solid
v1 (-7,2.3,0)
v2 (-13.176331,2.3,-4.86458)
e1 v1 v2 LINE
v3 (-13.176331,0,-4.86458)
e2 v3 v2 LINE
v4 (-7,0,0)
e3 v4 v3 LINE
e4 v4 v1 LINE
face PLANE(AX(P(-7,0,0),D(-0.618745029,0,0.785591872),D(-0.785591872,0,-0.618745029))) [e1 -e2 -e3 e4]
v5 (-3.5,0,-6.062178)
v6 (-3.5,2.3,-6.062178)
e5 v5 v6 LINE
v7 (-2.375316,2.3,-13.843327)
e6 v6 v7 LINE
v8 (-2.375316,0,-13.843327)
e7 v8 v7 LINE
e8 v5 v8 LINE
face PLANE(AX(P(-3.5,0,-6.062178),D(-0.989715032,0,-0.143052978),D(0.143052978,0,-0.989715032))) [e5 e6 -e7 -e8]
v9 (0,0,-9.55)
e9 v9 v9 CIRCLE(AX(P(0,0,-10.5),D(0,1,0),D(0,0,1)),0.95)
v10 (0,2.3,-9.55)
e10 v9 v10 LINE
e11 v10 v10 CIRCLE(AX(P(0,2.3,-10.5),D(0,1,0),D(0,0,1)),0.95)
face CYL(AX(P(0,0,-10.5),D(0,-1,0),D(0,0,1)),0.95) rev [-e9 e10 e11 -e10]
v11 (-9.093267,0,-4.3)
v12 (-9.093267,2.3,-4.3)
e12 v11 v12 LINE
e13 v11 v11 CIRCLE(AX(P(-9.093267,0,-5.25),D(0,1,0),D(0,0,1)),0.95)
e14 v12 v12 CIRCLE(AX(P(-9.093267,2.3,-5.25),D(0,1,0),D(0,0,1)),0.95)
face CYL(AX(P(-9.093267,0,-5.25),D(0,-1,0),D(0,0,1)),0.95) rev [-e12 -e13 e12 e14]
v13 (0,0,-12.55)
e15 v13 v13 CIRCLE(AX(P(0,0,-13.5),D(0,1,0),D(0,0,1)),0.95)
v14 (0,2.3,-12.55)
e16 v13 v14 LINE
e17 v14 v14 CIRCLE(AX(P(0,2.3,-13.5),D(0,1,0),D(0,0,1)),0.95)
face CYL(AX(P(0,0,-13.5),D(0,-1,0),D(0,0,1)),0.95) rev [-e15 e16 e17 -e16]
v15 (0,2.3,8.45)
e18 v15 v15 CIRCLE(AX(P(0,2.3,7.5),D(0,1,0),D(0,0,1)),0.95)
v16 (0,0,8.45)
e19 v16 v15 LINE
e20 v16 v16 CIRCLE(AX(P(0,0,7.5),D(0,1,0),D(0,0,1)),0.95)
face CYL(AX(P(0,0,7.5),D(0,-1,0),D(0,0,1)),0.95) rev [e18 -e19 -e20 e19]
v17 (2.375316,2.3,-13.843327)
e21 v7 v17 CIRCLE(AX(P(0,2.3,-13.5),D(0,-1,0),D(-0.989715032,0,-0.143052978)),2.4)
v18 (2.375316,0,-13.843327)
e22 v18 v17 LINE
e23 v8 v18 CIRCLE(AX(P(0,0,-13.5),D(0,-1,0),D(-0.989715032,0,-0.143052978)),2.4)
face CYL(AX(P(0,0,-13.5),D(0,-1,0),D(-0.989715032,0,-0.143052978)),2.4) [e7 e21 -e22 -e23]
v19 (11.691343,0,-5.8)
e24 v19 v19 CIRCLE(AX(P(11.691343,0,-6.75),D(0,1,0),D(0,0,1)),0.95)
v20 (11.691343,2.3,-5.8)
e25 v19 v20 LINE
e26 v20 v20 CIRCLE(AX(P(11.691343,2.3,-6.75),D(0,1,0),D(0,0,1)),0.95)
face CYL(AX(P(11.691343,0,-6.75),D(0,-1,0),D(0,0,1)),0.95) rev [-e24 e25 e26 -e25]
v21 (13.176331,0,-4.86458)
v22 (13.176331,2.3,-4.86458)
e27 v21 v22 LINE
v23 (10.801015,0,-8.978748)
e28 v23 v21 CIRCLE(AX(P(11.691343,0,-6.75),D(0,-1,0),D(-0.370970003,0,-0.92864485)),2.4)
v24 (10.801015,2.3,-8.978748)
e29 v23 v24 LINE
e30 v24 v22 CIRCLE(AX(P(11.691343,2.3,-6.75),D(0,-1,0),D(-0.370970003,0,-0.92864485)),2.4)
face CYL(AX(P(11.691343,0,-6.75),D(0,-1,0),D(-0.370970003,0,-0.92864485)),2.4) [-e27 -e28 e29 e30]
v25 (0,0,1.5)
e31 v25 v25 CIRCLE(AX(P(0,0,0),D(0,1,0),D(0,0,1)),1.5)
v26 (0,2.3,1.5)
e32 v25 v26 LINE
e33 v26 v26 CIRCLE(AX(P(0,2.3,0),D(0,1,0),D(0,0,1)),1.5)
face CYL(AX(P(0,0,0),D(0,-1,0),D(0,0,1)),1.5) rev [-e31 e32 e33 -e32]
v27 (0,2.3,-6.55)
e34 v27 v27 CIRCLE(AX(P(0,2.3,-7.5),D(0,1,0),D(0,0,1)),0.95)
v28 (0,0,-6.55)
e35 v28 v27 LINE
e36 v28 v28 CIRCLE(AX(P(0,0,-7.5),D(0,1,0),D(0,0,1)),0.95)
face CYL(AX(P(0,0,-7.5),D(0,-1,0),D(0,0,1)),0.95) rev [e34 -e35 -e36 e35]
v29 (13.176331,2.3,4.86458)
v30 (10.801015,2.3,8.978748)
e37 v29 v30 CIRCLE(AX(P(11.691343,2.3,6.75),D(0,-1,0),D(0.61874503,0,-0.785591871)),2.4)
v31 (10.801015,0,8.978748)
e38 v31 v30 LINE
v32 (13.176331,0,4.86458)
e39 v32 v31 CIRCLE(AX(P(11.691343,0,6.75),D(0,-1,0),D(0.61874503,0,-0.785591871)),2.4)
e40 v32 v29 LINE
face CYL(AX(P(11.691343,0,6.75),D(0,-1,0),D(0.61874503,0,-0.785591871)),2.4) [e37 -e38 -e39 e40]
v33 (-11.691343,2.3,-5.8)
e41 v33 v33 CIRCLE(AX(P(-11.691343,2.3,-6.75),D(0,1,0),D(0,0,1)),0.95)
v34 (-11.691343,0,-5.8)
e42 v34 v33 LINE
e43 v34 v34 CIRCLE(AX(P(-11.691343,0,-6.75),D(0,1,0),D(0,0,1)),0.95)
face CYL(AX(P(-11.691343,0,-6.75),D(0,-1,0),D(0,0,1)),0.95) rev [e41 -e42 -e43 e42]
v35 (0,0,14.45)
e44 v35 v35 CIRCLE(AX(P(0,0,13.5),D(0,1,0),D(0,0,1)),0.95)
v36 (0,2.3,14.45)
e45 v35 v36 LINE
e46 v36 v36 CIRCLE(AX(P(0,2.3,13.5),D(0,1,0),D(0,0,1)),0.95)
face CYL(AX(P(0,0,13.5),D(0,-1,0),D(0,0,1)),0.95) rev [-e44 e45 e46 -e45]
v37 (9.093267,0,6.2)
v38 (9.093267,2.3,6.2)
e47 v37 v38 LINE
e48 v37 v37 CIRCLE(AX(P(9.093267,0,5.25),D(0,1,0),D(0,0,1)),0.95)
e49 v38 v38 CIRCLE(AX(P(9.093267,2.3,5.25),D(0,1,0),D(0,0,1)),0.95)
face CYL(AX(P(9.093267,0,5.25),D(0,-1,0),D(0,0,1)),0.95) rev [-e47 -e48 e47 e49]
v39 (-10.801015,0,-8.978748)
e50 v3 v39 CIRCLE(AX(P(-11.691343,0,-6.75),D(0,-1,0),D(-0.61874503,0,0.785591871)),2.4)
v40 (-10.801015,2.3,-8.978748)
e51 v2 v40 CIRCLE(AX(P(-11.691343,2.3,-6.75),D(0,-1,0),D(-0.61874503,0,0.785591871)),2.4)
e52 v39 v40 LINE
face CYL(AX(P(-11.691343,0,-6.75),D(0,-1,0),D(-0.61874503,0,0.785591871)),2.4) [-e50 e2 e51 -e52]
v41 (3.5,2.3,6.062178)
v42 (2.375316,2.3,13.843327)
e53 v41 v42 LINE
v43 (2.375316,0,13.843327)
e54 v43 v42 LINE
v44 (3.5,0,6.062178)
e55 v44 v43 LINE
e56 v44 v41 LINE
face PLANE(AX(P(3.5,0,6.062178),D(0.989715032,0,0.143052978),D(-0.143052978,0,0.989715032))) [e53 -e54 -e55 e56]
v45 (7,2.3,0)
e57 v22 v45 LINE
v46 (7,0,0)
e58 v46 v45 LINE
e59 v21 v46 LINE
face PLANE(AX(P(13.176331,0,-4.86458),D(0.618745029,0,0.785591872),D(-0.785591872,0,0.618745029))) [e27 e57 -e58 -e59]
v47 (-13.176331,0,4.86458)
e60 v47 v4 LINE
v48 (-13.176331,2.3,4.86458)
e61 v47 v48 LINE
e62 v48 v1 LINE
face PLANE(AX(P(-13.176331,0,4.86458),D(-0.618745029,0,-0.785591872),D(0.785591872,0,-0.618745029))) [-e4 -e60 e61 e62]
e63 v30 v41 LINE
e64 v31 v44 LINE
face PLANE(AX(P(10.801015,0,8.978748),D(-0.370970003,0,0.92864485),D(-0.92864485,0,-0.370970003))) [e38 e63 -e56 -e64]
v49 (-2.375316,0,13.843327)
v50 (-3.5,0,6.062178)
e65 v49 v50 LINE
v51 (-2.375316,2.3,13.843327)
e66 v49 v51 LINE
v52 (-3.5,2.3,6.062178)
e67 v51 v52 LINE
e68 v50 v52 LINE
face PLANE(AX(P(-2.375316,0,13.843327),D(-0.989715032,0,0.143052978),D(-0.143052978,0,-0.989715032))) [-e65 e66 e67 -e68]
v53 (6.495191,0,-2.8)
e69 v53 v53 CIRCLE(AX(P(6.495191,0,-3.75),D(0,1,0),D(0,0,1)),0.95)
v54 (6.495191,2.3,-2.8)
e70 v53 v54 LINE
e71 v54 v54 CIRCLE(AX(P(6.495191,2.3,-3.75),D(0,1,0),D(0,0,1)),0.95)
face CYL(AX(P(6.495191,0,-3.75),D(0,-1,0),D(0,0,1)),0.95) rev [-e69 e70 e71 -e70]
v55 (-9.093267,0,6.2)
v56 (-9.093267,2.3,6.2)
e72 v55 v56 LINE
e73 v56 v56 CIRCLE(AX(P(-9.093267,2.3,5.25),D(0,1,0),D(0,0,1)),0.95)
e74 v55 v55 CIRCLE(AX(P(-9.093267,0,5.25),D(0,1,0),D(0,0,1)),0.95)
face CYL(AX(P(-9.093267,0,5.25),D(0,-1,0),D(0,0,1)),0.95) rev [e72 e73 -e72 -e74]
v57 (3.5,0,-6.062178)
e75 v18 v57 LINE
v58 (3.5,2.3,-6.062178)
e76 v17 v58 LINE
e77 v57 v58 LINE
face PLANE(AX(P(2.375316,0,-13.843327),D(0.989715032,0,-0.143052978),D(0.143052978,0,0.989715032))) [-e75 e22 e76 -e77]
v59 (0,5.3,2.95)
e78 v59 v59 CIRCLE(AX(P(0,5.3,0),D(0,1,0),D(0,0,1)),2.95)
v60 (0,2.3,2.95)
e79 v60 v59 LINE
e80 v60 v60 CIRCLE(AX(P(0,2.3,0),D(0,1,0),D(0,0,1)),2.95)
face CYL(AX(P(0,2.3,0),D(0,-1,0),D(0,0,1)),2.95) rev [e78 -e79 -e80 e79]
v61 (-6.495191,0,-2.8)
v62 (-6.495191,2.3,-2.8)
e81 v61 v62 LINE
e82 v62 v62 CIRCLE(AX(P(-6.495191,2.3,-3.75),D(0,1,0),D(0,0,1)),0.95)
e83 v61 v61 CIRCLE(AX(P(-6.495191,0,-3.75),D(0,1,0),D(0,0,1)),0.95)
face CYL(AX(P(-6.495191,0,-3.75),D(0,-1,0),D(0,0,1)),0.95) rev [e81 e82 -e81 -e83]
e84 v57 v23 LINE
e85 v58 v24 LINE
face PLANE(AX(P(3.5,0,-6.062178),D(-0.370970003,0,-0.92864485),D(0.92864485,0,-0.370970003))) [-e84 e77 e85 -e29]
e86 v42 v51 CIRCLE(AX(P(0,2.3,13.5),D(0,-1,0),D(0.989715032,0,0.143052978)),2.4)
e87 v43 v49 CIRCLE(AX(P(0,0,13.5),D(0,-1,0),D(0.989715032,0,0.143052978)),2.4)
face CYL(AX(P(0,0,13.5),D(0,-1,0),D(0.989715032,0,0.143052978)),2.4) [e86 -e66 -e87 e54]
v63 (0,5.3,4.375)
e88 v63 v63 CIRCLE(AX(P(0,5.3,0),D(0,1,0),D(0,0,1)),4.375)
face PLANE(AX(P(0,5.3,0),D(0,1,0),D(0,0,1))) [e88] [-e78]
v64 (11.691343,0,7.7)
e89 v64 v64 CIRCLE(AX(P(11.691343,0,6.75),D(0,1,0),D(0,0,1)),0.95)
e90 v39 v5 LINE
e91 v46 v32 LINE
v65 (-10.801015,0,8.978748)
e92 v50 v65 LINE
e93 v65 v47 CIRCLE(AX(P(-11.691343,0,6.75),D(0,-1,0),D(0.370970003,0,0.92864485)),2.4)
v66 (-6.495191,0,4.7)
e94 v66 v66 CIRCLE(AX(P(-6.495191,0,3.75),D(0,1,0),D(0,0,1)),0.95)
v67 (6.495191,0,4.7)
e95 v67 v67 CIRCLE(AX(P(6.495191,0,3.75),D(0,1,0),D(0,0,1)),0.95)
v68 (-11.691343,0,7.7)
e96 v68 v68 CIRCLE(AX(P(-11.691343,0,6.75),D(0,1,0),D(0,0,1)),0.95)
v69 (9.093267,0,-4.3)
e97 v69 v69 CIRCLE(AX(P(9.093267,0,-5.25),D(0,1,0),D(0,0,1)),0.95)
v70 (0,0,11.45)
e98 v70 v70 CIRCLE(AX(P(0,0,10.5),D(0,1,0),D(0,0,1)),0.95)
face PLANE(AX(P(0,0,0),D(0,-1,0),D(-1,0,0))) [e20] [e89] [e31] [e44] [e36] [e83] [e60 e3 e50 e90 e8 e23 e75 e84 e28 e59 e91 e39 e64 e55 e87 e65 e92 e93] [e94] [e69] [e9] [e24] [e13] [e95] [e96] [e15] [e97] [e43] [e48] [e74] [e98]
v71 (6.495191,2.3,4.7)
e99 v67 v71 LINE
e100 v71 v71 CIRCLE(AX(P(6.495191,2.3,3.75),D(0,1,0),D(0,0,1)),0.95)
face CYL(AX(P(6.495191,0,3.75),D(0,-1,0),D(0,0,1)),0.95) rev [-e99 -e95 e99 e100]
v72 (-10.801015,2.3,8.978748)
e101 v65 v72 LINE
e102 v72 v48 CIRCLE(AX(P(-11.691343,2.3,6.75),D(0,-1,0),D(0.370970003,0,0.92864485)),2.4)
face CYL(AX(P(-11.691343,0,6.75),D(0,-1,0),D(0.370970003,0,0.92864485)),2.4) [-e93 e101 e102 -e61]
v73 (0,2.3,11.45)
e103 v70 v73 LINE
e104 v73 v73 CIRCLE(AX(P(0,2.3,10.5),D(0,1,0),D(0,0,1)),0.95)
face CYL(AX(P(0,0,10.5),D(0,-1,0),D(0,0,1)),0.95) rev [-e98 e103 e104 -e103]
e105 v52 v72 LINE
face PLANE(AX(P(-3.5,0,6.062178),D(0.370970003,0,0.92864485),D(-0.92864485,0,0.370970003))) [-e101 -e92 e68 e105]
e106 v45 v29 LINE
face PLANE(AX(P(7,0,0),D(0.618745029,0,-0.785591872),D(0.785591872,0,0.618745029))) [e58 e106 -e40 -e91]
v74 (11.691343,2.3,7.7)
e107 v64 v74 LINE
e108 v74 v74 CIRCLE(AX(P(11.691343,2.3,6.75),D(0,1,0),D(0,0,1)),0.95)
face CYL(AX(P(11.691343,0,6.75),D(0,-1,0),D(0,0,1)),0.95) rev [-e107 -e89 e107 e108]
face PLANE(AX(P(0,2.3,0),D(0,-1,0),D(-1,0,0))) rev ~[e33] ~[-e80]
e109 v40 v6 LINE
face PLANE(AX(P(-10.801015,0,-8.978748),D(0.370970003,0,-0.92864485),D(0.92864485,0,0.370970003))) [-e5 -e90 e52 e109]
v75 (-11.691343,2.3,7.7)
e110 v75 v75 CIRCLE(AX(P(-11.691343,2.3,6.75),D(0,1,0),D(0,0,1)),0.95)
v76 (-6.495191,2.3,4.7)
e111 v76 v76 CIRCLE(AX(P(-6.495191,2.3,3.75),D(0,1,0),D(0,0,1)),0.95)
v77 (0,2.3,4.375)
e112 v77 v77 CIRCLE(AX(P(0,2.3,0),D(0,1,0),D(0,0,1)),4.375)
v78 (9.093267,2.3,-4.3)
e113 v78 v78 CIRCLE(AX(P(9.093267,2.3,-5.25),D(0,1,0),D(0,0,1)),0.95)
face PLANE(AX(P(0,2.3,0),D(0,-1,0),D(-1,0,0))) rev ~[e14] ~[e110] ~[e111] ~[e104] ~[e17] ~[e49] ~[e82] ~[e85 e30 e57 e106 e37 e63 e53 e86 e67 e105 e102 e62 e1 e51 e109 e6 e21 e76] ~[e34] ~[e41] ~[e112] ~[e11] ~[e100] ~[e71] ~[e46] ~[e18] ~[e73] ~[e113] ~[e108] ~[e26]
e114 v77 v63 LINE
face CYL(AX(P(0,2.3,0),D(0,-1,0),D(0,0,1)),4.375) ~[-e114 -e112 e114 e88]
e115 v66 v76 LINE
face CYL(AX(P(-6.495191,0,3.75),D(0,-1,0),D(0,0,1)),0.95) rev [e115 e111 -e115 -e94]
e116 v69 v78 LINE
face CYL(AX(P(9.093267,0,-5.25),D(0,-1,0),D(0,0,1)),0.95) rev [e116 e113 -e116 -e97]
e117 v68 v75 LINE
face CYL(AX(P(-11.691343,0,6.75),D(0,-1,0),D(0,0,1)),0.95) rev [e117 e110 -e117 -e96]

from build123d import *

# Parameters (mm, degrees)
CROQUIS1_R              = 0.95
CROQUIS1_R_2            = 1.5
SALIENTE_EXTRUIR1_DEPTH = 2.3
CROQUIS2_R              = 4.375
CROQUIS2_R_2            = 2.95
SALIENTE_EXTRUIR2_DEPTH = 3


with BuildPart() as part:
    # Croquis1 → Saliente-Extruir1 (new body)
    with BuildSketch(Plane(origin=(0, 0, 0), x_dir=(1, 0, 0), z_dir=(0, 1, 0))):
        with BuildLine():
            Line((-3.5, 6.062177826), (-2.375316078, 13.843327148))
            ThreePointArc((-2.375316078, 13.843327148), (0, 15.9), (2.375316078, 13.843327148))
            Line((2.375316078, 13.843327148), (3.5, 6.062177826))
            Line((3.5, 6.062177826), (10.801014944, 8.978747639))
            ThreePointArc((10.801014944, 8.978747639), (13.76980392, 7.95), (13.176331022, 4.864579508))
            Line((13.176331022, 4.864579508), (7, 0))
            Line((7, 0), (13.176331022, -4.864579508))
            ThreePointArc((13.176331022, -4.864579508), (13.76980392, -7.95), (10.801014944, -8.978747639))
            Line((10.801014944, -8.978747639), (3.5, -6.062177826))
            Line((3.5, -6.062177826), (2.375316078, -13.843327148))
            ThreePointArc((2.375316078, -13.843327148), (0, -15.9), (-2.375316078, -13.843327148))
            Line((-2.375316078, -13.843327148), (-3.5, -6.062177826))
            Line((-3.5, -6.062177826), (-10.801014944, -8.978747639))
            ThreePointArc((-10.801014944, -8.978747639), (-13.76980392, -7.95), (-13.176331022, -4.864579508))
            Line((-13.176331022, -4.864579508), (-7, 0))
            Line((-7, 0), (-13.176331022, 4.864579508))
            ThreePointArc((-13.176331022, 4.864579508), (-13.76980392, 7.95), (-10.801014944, 8.978747639))
            Line((-10.801014944, 8.978747639), (-3.5, 6.062177826))
        make_face()
        with Locations(Location((0, 13.5, 0), (0, 0, 270))):
            Circle(CROQUIS1_R, mode=Mode.SUBTRACT)
        with Locations(Location((0, 10.5, 0), (0, 0, 270))):
            Circle(CROQUIS1_R, mode=Mode.SUBTRACT)
        with Locations(Location((0, 7.5, 0), (0, 0, 270))):
            Circle(CROQUIS1_R, mode=Mode.SUBTRACT)
        with Locations(Location((11.691342951, 6.75, 0), (0, 0, 270))):
            Circle(CROQUIS1_R, mode=Mode.SUBTRACT)
        with Locations(Location((9.09326674, 5.25, 0), (0, 0, 270))):
            Circle(CROQUIS1_R, mode=Mode.SUBTRACT)
        with Locations(Location((6.495190528, 3.75, 0), (0, 0, 270))):
            Circle(CROQUIS1_R, mode=Mode.SUBTRACT)
        with Locations(Location((11.691342951, -6.75, 0), (0, 0, 270))):
            Circle(CROQUIS1_R, mode=Mode.SUBTRACT)
        with Locations(Location((9.09326674, -5.25, 0), (0, 0, 270))):
            Circle(CROQUIS1_R, mode=Mode.SUBTRACT)
        with Locations(Location((6.495190528, -3.75, 0), (0, 0, 270))):
            Circle(CROQUIS1_R, mode=Mode.SUBTRACT)
        with Locations(Location((0, -13.5, 0), (0, 0, 270))):
            Circle(CROQUIS1_R, mode=Mode.SUBTRACT)
        with Locations(Location((0, -10.5, 0), (0, 0, 270))):
            Circle(CROQUIS1_R, mode=Mode.SUBTRACT)
        with Locations(Location((0, -7.5, 0), (0, 0, 270))):
            Circle(CROQUIS1_R, mode=Mode.SUBTRACT)
        with Locations(Location((-11.691342951, -6.75, 0), (0, 0, 270))):
            Circle(CROQUIS1_R, mode=Mode.SUBTRACT)
        with Locations(Location((-9.09326674, -5.25, 0), (0, 0, 270))):
            Circle(CROQUIS1_R, mode=Mode.SUBTRACT)
        with Locations(Location((-6.495190528, -3.75, 0), (0, 0, 270))):
            Circle(CROQUIS1_R, mode=Mode.SUBTRACT)
        with Locations(Location((-11.691342951, 6.75, 0), (0, 0, 270))):
            Circle(CROQUIS1_R, mode=Mode.SUBTRACT)
        with Locations(Location((-9.09326674, 5.25, 0), (0, 0, 270))):
            Circle(CROQUIS1_R, mode=Mode.SUBTRACT)
        with Locations(Location((-6.495190528, 3.75, 0), (0, 0, 270))):
            Circle(CROQUIS1_R, mode=Mode.SUBTRACT)
        with Locations(Location((0, 0, 0), (0, 0, 270))):
            Circle(CROQUIS1_R_2, mode=Mode.SUBTRACT)
    extrude(amount=SALIENTE_EXTRUIR1_DEPTH)

    # Croquis2 → Saliente-Extruir2 (add)
    with BuildSketch(Plane(origin=(0, 2.3, 0), x_dir=(1, 0, 0), z_dir=(0, 1, 0))):
        with Locations(Location((0, 0, 0), (0, 0, 270))):
            Circle(CROQUIS2_R)
        with Locations(Location((0, 0, 0), (0, 0, 270))):
            Circle(CROQUIS2_R_2, mode=Mode.SUBTRACT)
    extrude(amount=SALIENTE_EXTRUIR2_DEPTH)


solid = part.part
